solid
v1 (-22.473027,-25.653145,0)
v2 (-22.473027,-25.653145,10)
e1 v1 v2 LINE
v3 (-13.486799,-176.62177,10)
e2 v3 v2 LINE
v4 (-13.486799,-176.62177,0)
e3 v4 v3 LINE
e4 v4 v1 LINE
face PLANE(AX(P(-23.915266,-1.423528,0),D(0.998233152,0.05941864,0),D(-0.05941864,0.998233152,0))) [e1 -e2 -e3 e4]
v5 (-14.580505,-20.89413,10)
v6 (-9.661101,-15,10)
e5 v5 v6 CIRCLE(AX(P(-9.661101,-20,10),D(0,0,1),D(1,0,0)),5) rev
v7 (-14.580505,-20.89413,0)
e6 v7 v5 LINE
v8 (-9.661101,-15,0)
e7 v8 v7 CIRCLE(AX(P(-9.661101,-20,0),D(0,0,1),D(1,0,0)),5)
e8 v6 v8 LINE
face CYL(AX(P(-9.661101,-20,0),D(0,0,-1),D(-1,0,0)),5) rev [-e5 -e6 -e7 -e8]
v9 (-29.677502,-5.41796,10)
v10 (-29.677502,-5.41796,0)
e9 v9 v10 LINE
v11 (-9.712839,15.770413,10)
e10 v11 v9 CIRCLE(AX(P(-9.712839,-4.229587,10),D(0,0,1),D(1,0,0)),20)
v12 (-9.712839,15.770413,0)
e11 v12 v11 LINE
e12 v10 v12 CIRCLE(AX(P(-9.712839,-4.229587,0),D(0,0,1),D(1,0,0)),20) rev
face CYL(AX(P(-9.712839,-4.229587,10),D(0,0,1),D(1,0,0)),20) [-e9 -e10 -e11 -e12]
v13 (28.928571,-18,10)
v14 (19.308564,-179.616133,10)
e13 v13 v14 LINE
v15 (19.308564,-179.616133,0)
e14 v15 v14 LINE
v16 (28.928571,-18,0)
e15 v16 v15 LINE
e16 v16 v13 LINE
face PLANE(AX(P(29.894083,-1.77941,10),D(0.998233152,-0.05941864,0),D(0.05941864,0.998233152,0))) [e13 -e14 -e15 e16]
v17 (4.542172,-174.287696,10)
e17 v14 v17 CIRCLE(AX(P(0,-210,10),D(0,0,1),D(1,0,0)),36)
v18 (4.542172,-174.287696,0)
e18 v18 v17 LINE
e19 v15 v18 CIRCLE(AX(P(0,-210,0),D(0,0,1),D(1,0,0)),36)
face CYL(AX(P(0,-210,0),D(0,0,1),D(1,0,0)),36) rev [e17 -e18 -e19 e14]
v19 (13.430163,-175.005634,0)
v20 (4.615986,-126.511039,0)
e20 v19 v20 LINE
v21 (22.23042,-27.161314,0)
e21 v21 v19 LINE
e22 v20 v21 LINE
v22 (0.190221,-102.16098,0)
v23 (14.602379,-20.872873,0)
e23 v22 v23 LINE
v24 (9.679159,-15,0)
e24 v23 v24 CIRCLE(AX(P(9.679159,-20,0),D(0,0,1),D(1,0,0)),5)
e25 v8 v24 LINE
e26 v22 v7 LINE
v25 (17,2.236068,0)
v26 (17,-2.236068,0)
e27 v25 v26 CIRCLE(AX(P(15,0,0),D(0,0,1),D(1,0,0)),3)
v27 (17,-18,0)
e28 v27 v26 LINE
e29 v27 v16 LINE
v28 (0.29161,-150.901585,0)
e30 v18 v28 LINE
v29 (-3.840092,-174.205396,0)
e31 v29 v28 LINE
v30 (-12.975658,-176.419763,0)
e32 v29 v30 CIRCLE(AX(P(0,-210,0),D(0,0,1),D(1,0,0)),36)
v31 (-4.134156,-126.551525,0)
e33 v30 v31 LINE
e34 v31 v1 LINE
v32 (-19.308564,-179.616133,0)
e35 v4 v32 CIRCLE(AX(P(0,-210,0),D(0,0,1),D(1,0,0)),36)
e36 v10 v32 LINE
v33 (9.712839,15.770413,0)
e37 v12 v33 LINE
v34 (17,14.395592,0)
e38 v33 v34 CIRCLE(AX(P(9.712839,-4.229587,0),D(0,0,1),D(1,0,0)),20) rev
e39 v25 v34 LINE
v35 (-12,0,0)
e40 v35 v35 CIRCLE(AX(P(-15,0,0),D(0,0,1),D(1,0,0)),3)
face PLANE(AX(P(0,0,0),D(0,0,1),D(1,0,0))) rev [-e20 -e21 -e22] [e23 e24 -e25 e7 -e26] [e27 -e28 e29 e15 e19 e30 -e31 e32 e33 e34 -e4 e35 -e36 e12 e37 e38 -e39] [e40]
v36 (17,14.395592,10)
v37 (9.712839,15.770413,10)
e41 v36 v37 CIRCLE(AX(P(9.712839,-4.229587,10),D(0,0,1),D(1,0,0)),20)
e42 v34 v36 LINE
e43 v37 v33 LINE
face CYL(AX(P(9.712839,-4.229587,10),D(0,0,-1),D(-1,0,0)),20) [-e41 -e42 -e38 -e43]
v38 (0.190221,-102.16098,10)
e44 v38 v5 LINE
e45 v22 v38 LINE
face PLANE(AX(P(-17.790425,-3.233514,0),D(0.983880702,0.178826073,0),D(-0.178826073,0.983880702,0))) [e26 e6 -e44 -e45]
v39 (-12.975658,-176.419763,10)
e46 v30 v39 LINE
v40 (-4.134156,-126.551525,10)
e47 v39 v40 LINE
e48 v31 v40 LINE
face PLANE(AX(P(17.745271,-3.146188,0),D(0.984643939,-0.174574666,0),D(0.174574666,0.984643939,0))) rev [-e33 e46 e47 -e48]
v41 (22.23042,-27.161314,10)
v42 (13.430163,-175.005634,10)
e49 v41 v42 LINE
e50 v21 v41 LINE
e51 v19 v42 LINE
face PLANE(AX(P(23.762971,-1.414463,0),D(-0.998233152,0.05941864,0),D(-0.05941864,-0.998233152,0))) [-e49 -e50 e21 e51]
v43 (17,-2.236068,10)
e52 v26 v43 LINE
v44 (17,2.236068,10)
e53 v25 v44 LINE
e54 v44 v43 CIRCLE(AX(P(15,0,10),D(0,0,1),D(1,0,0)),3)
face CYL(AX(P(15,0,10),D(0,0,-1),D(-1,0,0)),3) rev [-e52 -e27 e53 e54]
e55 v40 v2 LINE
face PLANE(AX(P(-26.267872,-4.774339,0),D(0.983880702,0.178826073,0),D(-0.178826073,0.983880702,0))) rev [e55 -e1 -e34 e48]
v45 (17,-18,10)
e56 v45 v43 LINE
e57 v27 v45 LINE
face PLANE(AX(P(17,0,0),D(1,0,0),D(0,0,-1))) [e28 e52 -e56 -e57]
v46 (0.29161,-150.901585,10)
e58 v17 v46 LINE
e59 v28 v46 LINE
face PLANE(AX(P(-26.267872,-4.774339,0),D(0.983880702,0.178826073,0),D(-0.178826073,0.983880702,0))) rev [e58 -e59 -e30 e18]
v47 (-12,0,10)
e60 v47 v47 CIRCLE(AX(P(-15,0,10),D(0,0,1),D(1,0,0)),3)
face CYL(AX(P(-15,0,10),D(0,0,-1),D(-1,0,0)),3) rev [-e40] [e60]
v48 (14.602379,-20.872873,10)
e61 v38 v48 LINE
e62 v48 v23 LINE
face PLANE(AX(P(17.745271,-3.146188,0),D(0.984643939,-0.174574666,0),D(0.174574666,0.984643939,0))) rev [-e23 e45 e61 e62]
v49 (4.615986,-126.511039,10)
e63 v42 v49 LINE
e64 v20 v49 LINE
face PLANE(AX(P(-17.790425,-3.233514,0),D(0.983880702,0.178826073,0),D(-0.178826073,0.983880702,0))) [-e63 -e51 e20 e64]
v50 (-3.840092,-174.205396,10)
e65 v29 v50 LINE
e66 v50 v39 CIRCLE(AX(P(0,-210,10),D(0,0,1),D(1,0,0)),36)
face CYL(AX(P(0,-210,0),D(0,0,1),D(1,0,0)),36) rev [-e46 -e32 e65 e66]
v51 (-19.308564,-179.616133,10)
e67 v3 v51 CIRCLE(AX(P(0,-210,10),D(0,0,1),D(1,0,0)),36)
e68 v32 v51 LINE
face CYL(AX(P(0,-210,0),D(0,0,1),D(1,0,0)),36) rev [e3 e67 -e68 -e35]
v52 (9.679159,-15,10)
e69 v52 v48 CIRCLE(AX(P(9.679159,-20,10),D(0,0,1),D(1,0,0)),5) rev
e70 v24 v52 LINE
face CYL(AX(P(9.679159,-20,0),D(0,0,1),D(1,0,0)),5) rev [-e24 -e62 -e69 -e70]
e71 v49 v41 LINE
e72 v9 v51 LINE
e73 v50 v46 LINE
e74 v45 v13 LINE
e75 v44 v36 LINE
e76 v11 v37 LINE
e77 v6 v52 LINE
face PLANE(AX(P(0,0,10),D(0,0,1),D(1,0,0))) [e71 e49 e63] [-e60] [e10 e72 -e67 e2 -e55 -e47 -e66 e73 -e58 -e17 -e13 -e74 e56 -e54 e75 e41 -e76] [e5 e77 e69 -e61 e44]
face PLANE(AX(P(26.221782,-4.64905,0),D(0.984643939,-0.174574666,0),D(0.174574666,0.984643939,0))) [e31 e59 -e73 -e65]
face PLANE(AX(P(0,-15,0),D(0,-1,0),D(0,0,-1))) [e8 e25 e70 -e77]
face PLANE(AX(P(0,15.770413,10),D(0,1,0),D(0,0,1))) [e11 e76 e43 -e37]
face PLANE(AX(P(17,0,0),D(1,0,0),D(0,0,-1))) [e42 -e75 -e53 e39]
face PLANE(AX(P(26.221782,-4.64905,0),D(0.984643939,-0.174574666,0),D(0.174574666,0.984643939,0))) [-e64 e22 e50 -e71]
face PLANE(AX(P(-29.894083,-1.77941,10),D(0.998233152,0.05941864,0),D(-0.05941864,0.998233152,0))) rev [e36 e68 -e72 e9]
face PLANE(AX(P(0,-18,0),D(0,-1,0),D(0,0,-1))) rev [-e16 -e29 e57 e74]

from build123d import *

# Parameters (mm, degrees)
SKETCH1_R           = 3
BOSS_EXTRUDE2_DEPTH = 10
FILLET1_R           = 20
FILLET2_R           = 20
CUT_EXTRUDE1_START  = -10
CUT_EXTRUDE1_DEPTH  = 10
FILLET3_R           = 5
CUT_EXTRUDE3_START  = -10
SKETCH5_W           = 12
SKETCH5_H           = 10
CUT_EXTRUDE3_DEPTH  = 10


with BuildPart() as part:
    # Sketch1 → Boss-Extrude2 (new body)
    with BuildSketch(Plane.XY):
        with BuildLine():
            Line((-30, 15.770412854), (-30, 0))
            Line((-30, 0), (-17.5, -210))
            ThreePointArc((-17.5, -210), (0, -227.5), (17.5, -210))
            Line((17.5, -210), (30, 0))
            Line((30, 0), (30, 15.770412854))
            Line((30, 15.770412854), (-30, 15.770412854))
        make_face()
        with Locations((-15, 0)):
            Circle(SKETCH1_R, mode=Mode.SUBTRACT)
        with Locations((15, 0)):
            Circle(SKETCH1_R, mode=Mode.SUBTRACT)
        Polygon((0, -205), (6, -205), (6, -215), (-6, -215), (-6, -205), align=None, mode=Mode.SUBTRACT)
    extrude(amount=BOSS_EXTRUDE2_DEPTH)

    # Fillet1
    fillet1_edges = [part.edges().sort_by_distance(p)[0] for p in [
        (-30, 15.770412854, 5),
    ]]
    fillet(fillet1_edges, radius=FILLET1_R)

    # Fillet2
    fillet2_edges = [part.edges().sort_by_distance(p)[0] for p in [
        (30, 15.770412854, 5),
    ]]
    fillet(fillet2_edges, radius=FILLET2_R)

    # Sketch4 → Cut-Extrude1 (cut)
    with BuildSketch(Plane.XY.offset(10).offset(CUT_EXTRUDE1_START)):
        Polygon((-15.651797422, -15), (0.190220551, -102.160979768), (15.643622882, -15), (15, -15), align=None)
        Polygon((-22.473027071, -25.6531452), (-13.367328465, -178.628881795), (-4.134156204, -126.551525408), align=None)
        Polygon((22.230419841, -27.161313899), (4.615986353, -126.511039477), (13.430162671, -175.005634359), align=None)
        with BuildLine():
            Line((0.291609598, -150.901585116), (-7.372445375, -194.128735111))
            ThreePointArc((-7.372445375, -194.128735111), (0.476576628, -192.506490497), (8.225632191, -194.553674383))
            Line((8.225632191, -194.553674383), (0.291609598, -150.901585116))
        make_face()
    extrude(amount=CUT_EXTRUDE1_DEPTH, mode=Mode.SUBTRACT)

    # Fillet3
    fillet3_edges = [part.edges().sort_by_distance(p)[0] for p in [
        (8.225632191, -194.553674383, 5),
        (-7.372445375, -194.128735111, 5),
        (-15.651797422, -15, 5),
        (15.643622882, -15, 5),
    ]]
    fillet(fillet3_edges, radius=FILLET3_R)

    # Sketch5 → Cut-Extrude3 (cut)
    # profile 1 of 10: a face of its own
    with BuildSketch(Plane.XY.offset(10).offset(CUT_EXTRUDE3_START)):
        with BuildLine():
            Line((-4.167269409, -176.050756454), (-4.122092315, -175.795946561))
            Line((-4.122092315, -175.795946561), (-11.228656567, -175.795946561))
            ThreePointArc((-11.228656567, -175.795946561), (-12.106175916, -176.096600396), (-12.975657802, -176.419763184))
            Line((-12.975657802, -176.419763184), (-13.345719148, -178.506999951))
            ThreePointArc((-13.345719148, -178.506999951), (-8.842198544, -176.958619935), (-4.167269409, -176.050756454))
        make_face()
    # profile 2 of 10: a face of its own
    with BuildSketch(Plane.XY.offset(10).offset(CUT_EXTRUDE3_START)):
        with BuildLine():
            ThreePointArc((-13.486799408, -176.621769943), (-16.46588928, -177.986339006), (-19.308563513, -179.61613298))
            Line((-19.308563513, -179.61613298), (-19.185515511, -181.683339422))
            ThreePointArc((-19.185515511, -181.683339422), (-16.356398794, -179.96026814), (-13.373872309, -178.518945203))
            Line((-13.373872309, -178.518945203), (-13.486799408, -176.621769943))
        make_face()
    # profile 3 of 10: a face of its own
    with BuildSketch(Plane.XY.offset(10).offset(CUT_EXTRUDE3_START)):
        with BuildLine():
            Line((-4.122092315, -175.795946561), (-3.840092025, -174.205395752))
            ThreePointArc((-3.840092025, -174.205395752), (-7.576229867, -174.806240028), (-11.228656567, -175.795946561))
            Line((-11.228656567, -175.795946561), (-4.122092315, -175.795946561))
        make_face()
    # profile 4 of 10: a face of its own
    with BuildSketch(Plane.XY.offset(10).offset(CUT_EXTRUDE3_START)):
        with BuildLine():
            Line((4.816305425, -175.795946561), (11.228656567, -175.795946561))
            ThreePointArc((11.228656567, -175.795946561), (7.921392788, -174.882318751), (4.542172021, -174.287695771))
            Line((4.542172021, -174.287695771), (4.816305425, -175.795946561))
        make_face()
    # profile 5 of 10: a face of its own
    with BuildSketch(Plane.XY.offset(10).offset(CUT_EXTRUDE3_START)):
        with BuildLine():
            ThreePointArc((19.308563513, -179.61613298), (15.387621929, -177.454323), (11.228656567, -175.795946561))
            Line((11.228656567, -175.795946561), (4.816305425, -175.795946561))
            Line((4.816305425, -175.795946561), (4.879901452, -176.145844664))
            ThreePointArc((4.879901452, -176.145844664), (12.347146855, -178.102269105), (19.185515511, -181.683339422))
            Line((19.185515511, -181.683339422), (19.308563513, -179.61613298))
        make_face()
    # profile 6 of 10: a face of its own
    with BuildSketch(Plane.XY.offset(10).offset(CUT_EXTRUDE3_START)):
        with BuildLine():
            Line((18.887385797, -186.691918617), (19.185515511, -181.683339422))
            ThreePointArc((19.185515511, -181.683339422), (12.347146855, -178.102269105), (4.879901452, -176.145844664))
            Line((4.879901452, -176.145844664), (5.679005105, -180.54242201))
            ThreePointArc((5.679005105, -180.54242201), (12.662186526, -182.803142969), (18.887385797, -186.691918617))
        make_face()
    # profile 7 of 10: a face of its own
    with BuildSketch(Plane.XY.offset(10).offset(CUT_EXTRUDE3_START)):
        with BuildLine():
            Line((17.5, -210), (18.887385797, -186.691918617))
            ThreePointArc((18.887385797, -186.691918617), (12.662186526, -182.803142969), (5.679005105, -180.54242201))
            Line((5.679005105, -180.54242201), (6.795310384, -186.684206595))
            ThreePointArc((6.795310384, -186.684206595), (5.577551358, -190.939561161), (1.45903868, -192.560928748))
            ThreePointArc((1.45903868, -192.560928748), (0.292984986, -192.502452749), (-0.874372768, -192.521857299))
            ThreePointArc((-0.874372768, -192.521857299), (-4.874459747, -190.834989527), (-6.047413252, -186.655228912))
            Line((-6.047413252, -186.655228912), (-4.940068564, -180.409533248))
            ThreePointArc((-4.940068564, -180.409533248), (-12.320876057, -182.646828096), (-18.887385797, -186.691918617))
            Line((-18.887385797, -186.691918617), (-17.5, -210))
            ThreePointArc((-17.5, -210), (0, -227.5), (17.5, -210))
        make_face()
        with Locations((0, -210)):
            Rectangle(SKETCH5_W, SKETCH5_H, mode=Mode.SUBTRACT)
    # profile 8 of 10: a face of its own
    with BuildSketch(Plane.XY.offset(10).offset(CUT_EXTRUDE3_START)):
        with BuildLine():
            Line((-4.940068564, -180.409533248), (-4.167269409, -176.050756454))
            ThreePointArc((-4.167269409, -176.050756454), (-8.842198544, -176.958619935), (-13.345719148, -178.506999951))
            Line((-13.345719148, -178.506999951), (-13.367328465, -178.628881795))
            Line((-13.367328465, -178.628881795), (-13.373872309, -178.518945203))
            ThreePointArc((-13.373872309, -178.518945203), (-16.356398794, -179.96026814), (-19.185515511, -181.683339422))
            Line((-19.185515511, -181.683339422), (-18.887385797, -186.691918617))
            ThreePointArc((-18.887385797, -186.691918617), (-12.320876057, -182.646828096), (-4.940068564, -180.409533248))
        make_face()
    # profile 9 of 10: a face of its own
    with BuildSketch(Plane.XY.offset(10).offset(CUT_EXTRUDE3_START)):
        with BuildLine():
            ThreePointArc((17, 2.236067977), (17.738612788, 1.224744871), (18, 0))
            Line((18, 0), (29.260488635, 0))
            ThreePointArc((29.260488635, 0), (24.938968919, 8.738256866), (17, 14.39559177))
            Line((17, 14.39559177), (17, 2.236067977))
        make_face()
    # profile 10 of 10: a face of its own
    with BuildSketch(Plane.XY.offset(10).offset(CUT_EXTRUDE3_START)):
        with BuildLine():
            Line((29.260488635, 0), (18, 0))
            ThreePointArc((18, 0), (17.738612788, -1.224744871), (17, -2.236067977))
            Line((17, -2.236067977), (17, -18))
            Line((17, -18), (28.928571429, -18))
            Line((28.928571429, -18), (29.677502384, -5.417959945))
            ThreePointArc((29.677502384, -5.417959945), (29.653859351, -2.694751229), (29.260488635, 0))
        make_face()
    extrude(amount=CUT_EXTRUDE3_DEPTH, mode=Mode.SUBTRACT)


solid = part.part
